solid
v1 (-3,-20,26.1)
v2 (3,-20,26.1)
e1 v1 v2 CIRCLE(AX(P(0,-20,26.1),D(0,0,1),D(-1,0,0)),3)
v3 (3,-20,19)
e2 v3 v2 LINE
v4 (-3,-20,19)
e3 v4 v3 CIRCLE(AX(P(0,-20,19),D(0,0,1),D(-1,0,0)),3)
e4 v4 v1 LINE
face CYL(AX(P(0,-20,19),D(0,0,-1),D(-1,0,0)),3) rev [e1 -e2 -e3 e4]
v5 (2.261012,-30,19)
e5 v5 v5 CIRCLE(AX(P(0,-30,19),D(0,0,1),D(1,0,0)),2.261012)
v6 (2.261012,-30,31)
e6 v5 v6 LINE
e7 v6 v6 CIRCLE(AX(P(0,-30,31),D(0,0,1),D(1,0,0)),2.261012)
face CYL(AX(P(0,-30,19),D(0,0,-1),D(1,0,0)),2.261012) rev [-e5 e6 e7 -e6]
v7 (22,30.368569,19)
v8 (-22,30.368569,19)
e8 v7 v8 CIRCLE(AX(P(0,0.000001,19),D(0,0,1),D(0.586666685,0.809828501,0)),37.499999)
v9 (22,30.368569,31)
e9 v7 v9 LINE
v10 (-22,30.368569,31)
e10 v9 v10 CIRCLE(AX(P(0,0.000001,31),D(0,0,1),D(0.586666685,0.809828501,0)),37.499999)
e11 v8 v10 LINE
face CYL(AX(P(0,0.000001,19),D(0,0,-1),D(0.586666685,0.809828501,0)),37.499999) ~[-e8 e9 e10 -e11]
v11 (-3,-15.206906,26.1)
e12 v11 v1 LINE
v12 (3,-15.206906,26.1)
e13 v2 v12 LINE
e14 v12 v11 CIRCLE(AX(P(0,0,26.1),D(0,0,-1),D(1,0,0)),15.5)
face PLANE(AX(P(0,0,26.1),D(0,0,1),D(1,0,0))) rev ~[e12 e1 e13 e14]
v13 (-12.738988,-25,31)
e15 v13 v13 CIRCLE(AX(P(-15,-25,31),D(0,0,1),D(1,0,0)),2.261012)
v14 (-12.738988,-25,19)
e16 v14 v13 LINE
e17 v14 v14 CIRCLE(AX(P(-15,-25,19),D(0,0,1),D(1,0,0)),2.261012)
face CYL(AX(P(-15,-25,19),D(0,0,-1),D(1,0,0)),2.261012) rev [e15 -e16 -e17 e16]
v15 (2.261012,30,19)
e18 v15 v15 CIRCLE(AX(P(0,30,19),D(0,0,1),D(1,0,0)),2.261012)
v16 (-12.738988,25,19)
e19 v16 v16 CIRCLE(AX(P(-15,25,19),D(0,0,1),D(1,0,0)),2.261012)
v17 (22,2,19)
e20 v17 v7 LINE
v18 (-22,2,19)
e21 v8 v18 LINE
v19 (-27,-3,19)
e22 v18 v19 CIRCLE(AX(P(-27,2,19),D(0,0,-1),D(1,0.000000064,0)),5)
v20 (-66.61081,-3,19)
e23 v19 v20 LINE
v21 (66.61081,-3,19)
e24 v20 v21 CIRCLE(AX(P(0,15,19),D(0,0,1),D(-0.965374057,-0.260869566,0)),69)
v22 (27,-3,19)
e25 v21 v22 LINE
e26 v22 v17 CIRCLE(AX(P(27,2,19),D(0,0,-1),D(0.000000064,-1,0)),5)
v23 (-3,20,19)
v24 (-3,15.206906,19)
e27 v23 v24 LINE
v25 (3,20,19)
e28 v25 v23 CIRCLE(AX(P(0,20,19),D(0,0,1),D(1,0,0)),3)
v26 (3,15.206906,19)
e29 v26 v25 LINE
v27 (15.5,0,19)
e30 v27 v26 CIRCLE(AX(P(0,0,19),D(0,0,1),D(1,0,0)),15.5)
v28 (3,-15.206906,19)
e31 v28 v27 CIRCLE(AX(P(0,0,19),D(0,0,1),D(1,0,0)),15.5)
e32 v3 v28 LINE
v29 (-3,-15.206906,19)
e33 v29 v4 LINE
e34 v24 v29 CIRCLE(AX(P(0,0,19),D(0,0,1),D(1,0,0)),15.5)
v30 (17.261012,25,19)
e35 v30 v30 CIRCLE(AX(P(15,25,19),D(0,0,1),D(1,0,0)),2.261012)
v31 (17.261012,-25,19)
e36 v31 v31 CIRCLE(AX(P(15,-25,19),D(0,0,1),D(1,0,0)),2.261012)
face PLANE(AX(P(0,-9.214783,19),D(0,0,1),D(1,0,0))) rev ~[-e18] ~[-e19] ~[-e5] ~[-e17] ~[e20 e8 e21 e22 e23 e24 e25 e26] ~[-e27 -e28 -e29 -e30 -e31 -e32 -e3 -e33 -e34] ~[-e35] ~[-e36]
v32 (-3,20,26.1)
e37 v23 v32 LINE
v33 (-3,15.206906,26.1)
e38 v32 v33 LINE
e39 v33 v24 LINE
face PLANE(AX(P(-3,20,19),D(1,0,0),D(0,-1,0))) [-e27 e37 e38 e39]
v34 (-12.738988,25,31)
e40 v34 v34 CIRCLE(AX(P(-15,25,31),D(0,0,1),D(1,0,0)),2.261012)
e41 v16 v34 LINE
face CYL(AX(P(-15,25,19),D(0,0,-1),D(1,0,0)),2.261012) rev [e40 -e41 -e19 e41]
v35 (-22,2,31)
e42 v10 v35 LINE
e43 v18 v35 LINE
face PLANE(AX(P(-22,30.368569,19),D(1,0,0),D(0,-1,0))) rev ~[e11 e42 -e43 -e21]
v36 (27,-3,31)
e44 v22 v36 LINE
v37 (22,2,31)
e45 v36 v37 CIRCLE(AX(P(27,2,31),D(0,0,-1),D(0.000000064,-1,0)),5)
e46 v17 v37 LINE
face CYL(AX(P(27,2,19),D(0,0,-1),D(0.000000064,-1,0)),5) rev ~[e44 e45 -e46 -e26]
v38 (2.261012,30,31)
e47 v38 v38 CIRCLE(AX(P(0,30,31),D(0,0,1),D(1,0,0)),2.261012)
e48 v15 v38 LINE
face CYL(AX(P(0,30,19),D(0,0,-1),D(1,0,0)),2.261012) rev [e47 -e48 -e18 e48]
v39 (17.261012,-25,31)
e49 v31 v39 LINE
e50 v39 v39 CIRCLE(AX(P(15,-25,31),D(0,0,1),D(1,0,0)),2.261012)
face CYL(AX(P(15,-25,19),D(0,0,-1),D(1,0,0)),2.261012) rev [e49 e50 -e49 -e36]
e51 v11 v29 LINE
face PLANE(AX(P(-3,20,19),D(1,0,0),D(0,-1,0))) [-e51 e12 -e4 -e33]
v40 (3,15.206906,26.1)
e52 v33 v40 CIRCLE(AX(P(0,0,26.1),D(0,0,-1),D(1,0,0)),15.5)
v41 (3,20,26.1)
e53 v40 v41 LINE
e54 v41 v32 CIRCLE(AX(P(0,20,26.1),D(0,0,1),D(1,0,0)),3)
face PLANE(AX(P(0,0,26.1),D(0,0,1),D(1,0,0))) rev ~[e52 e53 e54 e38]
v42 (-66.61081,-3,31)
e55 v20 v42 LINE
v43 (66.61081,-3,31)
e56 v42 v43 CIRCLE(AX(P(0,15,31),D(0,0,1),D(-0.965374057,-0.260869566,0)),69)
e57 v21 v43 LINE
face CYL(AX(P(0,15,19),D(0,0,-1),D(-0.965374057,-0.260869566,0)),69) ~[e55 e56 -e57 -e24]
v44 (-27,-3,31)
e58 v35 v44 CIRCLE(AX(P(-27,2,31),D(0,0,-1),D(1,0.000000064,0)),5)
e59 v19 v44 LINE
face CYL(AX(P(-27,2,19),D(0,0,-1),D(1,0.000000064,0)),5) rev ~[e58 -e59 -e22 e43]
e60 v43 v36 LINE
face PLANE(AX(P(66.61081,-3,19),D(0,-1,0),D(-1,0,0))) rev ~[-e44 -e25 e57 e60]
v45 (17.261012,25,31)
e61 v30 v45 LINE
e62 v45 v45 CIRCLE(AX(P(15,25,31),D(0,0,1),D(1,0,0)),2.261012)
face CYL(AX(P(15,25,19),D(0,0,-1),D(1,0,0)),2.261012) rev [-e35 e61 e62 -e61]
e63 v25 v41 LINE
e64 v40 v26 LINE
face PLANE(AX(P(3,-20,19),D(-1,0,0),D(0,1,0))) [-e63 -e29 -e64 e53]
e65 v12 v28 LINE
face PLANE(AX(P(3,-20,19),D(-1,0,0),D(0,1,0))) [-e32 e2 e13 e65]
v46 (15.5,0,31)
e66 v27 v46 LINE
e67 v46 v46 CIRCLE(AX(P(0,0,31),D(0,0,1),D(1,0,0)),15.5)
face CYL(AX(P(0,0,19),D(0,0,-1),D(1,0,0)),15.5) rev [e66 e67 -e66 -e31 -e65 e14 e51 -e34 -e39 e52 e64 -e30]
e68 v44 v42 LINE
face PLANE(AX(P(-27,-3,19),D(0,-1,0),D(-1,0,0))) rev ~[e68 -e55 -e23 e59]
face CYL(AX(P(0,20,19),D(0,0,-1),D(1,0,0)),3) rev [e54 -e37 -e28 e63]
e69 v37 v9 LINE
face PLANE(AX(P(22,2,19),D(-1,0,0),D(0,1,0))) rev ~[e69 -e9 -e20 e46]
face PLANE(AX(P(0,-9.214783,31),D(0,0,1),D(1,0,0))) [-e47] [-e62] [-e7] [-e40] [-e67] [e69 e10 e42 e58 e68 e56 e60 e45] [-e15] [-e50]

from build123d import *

# Parameters (mm, degrees)
F2_R     = 2.261012
F2_R_2   = 15.5
F3_DEPTH = 12
F5_DEPTH = 7.1


with BuildPart() as f3:
    # F2 (on offset) → F3 (new body)
    with BuildSketch(Plane.XY.offset(19)):
        with BuildLine():
            ThreePointArc((-22, 2), (-23.464466, -1.535534), (-27, -3))
            Line((-27, -3), (-66.61081, -3))
            ThreePointArc((-66.61081, -3), (0, -54), (66.61081, -3))
            Line((66.61081, -3), (27, -3))
            ThreePointArc((27, -3), (23.464466, -1.535534), (22, 2))
            Line((22, 2), (22, 30.368569))
            ThreePointArc((22, 30.368569), (0, 37.5), (-22, 30.368569))
            Line((-22, 30.368569), (-22, 2))
        make_face()
        with Locations((-15, -25)):
            Circle(F2_R, mode=Mode.SUBTRACT)
        with Locations((0, -30)):
            Circle(F2_R, mode=Mode.SUBTRACT)
        with Locations((15, -25)):
            Circle(F2_R, mode=Mode.SUBTRACT)
        with Locations((-15, 25)):
            Circle(F2_R, mode=Mode.SUBTRACT)
        Circle(F2_R_2, mode=Mode.SUBTRACT)
        with Locations((15, 25)):
            Circle(F2_R, mode=Mode.SUBTRACT)
        with Locations((0, 30)):
            Circle(F2_R, mode=Mode.SUBTRACT)
    extrude(amount=F3_DEPTH)

    # F4 (on offset) → F5 (cut)
    with BuildSketch(Plane.XY.offset(19)):
        with BuildLine():
            Line((-3, 0), (-3, -20))
            ThreePointArc((-3, -20), (0, -23), (3, -20))
            Line((3, -20), (3, 0))
            Line((3, 0), (3, 20))
            ThreePointArc((3, 20), (0, 23), (-3, 20))
            Line((-3, 20), (-3, 0))
        make_face()
    extrude(amount=F5_DEPTH, mode=Mode.SUBTRACT)


solid = f3.part
